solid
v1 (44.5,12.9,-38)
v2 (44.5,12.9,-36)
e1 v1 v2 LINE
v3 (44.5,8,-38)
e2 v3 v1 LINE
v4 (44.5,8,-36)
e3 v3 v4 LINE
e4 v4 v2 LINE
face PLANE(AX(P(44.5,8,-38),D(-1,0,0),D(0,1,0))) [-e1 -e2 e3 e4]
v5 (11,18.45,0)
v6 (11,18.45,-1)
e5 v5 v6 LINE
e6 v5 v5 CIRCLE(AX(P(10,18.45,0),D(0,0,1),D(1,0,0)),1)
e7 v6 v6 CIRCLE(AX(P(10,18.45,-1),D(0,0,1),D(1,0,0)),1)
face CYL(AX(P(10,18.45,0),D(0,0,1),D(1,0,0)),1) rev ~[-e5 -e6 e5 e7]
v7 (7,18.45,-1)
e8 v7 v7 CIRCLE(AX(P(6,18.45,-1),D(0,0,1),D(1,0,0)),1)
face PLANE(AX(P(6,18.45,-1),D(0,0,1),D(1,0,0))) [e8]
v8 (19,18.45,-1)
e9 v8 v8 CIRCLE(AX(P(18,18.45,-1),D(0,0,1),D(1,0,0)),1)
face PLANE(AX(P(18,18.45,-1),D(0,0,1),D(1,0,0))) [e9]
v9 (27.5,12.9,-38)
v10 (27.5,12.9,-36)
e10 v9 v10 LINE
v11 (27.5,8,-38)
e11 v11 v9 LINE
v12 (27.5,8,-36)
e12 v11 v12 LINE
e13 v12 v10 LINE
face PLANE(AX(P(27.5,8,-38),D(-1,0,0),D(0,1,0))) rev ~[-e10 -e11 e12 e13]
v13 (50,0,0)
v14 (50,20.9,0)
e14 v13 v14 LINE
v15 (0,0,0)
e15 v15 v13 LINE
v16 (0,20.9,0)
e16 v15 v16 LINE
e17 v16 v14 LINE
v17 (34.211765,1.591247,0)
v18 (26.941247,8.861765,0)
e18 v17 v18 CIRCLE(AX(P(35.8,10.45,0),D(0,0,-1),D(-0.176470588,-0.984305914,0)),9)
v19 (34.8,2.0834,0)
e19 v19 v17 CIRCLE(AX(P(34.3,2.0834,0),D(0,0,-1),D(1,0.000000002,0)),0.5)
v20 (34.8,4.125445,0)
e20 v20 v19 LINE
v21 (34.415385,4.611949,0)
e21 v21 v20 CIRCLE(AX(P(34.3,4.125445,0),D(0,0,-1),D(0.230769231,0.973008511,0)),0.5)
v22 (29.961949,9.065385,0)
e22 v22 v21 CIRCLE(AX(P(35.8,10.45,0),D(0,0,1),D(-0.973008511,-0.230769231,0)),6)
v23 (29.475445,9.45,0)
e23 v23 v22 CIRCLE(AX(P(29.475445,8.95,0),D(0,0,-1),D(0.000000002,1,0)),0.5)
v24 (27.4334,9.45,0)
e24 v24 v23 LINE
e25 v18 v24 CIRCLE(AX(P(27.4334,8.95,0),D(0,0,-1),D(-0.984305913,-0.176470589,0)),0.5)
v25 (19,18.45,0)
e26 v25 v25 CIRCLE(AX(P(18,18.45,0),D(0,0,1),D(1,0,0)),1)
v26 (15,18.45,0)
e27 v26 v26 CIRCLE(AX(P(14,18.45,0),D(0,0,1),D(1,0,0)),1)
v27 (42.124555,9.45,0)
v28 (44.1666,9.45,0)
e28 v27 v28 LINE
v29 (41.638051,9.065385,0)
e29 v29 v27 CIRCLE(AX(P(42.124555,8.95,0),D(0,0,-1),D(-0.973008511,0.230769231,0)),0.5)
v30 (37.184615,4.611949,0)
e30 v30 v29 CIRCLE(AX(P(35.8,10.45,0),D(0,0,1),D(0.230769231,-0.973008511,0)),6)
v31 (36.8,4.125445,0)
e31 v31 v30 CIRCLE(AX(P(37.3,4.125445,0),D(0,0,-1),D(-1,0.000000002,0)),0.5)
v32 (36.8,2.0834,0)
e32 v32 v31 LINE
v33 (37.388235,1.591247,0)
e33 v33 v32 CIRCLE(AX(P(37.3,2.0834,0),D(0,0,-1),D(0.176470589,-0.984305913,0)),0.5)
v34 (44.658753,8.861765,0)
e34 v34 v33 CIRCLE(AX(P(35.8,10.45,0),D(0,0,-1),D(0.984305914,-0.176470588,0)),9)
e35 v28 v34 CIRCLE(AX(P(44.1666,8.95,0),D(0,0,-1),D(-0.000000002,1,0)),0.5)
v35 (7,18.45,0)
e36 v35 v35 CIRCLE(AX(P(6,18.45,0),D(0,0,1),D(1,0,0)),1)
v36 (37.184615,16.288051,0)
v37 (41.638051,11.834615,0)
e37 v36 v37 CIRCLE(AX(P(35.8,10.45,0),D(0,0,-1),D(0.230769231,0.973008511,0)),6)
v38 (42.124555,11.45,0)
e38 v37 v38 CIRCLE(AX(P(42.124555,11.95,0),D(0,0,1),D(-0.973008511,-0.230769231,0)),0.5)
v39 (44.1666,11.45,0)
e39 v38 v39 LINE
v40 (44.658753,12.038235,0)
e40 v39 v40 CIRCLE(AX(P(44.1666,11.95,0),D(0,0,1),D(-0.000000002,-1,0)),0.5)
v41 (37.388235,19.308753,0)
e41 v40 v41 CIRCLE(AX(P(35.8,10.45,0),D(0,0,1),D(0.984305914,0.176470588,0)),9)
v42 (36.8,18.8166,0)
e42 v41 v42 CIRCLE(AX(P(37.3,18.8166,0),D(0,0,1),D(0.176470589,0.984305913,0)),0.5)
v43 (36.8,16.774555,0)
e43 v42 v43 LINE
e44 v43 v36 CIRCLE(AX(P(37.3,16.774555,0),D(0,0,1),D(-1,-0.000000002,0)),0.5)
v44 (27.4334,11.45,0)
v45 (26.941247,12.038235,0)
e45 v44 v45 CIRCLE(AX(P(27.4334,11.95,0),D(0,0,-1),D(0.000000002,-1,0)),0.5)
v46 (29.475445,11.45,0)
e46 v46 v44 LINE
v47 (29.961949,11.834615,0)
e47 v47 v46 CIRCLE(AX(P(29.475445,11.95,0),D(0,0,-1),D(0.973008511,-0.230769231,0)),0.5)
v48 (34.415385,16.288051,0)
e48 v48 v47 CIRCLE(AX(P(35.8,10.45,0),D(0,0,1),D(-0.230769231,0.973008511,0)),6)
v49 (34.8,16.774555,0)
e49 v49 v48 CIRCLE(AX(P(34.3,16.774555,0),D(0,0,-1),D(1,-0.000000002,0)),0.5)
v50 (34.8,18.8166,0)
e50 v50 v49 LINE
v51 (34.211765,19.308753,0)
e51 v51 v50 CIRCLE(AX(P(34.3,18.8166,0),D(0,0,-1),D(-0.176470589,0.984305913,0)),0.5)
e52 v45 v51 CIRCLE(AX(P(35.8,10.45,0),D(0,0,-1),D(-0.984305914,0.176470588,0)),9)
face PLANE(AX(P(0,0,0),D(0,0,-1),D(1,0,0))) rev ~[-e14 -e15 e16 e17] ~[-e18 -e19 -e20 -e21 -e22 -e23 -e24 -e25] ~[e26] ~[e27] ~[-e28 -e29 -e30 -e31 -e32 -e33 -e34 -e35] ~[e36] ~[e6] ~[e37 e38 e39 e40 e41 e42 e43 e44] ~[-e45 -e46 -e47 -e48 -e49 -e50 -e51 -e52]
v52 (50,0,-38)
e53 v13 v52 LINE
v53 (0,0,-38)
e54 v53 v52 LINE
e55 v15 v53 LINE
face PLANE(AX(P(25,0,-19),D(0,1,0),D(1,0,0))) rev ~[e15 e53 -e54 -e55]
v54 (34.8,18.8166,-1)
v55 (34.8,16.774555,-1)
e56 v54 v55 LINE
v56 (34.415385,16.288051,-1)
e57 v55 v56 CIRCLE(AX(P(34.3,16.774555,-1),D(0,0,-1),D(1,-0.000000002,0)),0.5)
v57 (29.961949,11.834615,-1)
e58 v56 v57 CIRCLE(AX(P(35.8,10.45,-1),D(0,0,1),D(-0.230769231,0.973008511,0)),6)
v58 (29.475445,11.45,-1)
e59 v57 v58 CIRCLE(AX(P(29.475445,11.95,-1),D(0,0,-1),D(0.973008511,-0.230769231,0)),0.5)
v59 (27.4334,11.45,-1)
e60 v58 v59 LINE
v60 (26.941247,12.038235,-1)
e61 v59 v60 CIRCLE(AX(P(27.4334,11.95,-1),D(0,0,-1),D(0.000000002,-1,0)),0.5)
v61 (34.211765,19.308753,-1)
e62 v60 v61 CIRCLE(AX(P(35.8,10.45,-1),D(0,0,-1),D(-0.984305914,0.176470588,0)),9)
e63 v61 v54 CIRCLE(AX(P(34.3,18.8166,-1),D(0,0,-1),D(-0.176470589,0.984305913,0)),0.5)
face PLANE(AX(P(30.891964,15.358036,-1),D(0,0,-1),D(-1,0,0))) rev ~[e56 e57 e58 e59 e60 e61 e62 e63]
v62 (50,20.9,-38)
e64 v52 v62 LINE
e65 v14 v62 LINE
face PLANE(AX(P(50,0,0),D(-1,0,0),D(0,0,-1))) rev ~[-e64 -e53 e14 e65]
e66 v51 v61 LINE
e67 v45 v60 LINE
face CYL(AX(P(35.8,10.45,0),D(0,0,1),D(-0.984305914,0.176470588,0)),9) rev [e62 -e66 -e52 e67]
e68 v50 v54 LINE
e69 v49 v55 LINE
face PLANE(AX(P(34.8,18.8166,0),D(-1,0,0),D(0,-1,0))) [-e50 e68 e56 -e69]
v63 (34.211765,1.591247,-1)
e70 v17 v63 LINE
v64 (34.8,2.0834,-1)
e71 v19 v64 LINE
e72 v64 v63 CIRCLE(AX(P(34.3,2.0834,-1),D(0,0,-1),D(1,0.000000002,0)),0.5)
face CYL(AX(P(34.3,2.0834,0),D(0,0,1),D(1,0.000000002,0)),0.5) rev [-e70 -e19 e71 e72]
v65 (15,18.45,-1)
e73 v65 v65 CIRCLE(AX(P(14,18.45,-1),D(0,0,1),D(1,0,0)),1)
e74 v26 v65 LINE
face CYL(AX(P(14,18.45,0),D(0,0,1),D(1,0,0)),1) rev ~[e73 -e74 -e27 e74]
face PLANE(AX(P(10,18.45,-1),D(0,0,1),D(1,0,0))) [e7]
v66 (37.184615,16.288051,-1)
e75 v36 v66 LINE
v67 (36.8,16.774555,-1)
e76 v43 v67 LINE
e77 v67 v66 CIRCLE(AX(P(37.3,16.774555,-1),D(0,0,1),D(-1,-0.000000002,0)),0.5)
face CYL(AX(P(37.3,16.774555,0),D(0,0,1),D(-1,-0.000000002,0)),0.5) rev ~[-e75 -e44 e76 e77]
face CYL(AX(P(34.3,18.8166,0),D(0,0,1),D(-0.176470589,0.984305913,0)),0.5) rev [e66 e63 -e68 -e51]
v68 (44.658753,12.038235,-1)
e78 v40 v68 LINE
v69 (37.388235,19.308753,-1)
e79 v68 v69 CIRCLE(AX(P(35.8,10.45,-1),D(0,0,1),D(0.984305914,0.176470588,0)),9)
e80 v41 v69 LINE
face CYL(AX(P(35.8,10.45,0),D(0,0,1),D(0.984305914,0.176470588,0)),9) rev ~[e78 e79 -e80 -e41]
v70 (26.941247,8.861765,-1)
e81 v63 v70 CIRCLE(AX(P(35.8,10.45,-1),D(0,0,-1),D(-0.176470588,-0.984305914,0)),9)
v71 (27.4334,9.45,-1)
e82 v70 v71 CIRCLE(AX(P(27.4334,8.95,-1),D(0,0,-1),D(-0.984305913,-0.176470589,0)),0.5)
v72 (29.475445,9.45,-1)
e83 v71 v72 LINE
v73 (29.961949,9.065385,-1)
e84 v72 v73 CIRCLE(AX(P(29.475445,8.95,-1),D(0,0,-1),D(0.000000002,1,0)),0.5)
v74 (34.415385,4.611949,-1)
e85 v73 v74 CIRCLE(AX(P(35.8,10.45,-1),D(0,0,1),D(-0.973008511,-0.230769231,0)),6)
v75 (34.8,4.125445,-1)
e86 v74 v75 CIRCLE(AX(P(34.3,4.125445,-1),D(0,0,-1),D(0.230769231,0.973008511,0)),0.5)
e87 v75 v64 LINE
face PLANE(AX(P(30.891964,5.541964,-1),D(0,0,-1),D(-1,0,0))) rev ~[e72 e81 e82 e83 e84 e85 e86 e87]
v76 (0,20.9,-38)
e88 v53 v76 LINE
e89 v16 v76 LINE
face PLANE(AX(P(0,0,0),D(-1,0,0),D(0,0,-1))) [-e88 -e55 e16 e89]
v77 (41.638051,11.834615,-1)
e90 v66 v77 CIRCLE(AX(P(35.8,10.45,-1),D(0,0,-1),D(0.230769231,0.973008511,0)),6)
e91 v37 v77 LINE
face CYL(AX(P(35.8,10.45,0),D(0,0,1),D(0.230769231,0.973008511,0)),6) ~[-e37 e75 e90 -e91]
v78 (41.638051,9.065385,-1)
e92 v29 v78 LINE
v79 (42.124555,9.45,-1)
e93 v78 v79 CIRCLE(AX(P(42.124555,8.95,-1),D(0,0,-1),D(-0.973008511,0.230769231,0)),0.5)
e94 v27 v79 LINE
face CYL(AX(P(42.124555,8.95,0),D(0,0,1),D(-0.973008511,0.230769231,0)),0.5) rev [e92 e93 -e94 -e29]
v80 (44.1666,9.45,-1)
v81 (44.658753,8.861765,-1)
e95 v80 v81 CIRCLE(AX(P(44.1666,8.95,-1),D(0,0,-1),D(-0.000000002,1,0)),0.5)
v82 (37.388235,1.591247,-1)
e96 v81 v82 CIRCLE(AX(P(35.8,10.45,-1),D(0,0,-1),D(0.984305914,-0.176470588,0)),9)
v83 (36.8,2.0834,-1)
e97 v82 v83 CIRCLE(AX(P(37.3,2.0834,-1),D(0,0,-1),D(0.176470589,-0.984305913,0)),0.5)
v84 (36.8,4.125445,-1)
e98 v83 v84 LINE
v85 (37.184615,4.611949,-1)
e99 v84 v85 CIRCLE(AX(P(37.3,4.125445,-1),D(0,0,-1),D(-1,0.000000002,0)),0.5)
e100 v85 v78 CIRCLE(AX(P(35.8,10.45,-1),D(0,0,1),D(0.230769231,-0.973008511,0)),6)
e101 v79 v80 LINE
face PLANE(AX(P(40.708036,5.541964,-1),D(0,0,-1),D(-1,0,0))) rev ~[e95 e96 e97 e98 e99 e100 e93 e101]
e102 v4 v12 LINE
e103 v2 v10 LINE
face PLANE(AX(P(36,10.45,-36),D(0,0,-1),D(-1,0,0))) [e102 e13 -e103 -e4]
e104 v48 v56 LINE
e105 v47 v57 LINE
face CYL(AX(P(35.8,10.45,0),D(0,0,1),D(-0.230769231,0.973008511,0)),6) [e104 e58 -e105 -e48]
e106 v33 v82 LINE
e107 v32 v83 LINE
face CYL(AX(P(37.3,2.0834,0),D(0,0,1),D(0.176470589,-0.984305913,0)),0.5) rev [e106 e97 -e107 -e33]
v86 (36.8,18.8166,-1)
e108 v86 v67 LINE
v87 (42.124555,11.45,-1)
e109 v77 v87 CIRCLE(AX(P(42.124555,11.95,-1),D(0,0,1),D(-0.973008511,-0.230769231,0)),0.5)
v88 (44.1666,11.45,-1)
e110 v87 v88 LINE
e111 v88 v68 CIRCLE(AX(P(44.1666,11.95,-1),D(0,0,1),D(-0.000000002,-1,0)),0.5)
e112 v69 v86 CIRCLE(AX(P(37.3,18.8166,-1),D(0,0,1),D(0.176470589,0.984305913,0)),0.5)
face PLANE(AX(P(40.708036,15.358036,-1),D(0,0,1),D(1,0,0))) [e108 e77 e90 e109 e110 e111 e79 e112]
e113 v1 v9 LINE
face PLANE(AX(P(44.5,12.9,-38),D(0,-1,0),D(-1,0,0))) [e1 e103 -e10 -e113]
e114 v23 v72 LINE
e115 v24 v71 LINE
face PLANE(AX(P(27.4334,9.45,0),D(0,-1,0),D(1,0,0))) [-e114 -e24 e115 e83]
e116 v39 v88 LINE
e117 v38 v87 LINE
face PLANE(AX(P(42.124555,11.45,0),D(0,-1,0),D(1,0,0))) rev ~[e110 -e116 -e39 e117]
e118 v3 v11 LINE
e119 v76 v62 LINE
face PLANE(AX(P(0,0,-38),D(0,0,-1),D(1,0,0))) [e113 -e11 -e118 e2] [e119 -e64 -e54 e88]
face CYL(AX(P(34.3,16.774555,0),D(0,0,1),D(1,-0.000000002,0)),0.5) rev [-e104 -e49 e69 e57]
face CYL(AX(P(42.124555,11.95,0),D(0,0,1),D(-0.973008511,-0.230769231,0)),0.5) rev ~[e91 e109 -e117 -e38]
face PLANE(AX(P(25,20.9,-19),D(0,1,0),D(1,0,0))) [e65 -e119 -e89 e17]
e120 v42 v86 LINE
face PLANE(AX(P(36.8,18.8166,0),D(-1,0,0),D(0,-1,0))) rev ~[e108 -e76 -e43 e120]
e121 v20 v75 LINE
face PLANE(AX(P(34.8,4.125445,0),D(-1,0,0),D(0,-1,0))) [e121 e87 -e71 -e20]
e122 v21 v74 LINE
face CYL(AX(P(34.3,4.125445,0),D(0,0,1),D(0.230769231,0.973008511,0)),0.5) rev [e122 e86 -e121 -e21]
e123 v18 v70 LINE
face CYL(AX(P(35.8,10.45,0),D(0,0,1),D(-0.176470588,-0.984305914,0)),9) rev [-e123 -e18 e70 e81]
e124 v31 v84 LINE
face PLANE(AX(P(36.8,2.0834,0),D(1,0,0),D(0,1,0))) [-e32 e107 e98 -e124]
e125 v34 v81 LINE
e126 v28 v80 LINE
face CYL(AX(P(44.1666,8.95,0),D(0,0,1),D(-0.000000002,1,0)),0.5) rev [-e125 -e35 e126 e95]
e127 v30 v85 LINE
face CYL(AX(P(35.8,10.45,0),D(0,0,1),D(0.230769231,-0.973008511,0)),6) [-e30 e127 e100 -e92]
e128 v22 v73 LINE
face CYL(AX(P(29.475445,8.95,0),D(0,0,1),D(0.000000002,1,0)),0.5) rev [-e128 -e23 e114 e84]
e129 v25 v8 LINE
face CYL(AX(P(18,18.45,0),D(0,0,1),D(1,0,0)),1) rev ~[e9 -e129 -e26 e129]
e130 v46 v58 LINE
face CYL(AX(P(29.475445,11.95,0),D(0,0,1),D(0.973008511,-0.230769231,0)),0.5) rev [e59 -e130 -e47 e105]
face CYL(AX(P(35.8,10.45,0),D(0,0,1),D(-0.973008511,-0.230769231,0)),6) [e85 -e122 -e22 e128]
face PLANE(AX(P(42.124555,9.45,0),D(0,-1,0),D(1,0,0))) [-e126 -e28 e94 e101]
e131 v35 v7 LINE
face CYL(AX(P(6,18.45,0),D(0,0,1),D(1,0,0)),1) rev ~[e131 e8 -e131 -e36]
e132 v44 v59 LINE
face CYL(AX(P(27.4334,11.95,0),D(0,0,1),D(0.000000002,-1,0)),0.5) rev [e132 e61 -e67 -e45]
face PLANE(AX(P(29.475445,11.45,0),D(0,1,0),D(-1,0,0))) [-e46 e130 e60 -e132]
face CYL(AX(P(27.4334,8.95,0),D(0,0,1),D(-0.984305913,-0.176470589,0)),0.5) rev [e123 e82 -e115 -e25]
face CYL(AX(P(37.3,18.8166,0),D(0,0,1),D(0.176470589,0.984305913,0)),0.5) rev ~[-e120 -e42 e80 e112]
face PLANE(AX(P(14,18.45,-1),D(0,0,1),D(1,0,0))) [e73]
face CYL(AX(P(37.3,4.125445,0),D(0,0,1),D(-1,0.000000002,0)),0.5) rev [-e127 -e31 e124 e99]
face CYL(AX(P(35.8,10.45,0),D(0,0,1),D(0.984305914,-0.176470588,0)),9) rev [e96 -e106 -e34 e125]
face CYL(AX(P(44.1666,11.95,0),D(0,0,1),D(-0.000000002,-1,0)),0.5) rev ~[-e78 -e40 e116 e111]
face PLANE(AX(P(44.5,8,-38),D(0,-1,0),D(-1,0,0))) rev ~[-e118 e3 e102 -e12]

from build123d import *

# Parameters (mm, degrees)
SKETCH1_W           = 50
SKETCH1_H           = 38
BOSS_EXTRUDE1_DEPTH = 20.9
FAN_HOLES_DEPTH     = 1
SKETCH3_W           = 17
SKETCH3_H           = 4.9
CABLE_SLOT_DEPTH    = 2
SKETCH4_R           = 1
HOLES_DEPTH         = 1


with BuildPart() as part:
    # Sketch1 → Boss-Extrude1 (new body)
    with BuildSketch(Plane(origin=(0, 0, 0), x_dir=(1, 0, 0), z_dir=(0, 1, 0))):
        with Locations((25, 19)):
            Rectangle(SKETCH1_W, SKETCH1_H)
    extrude(amount=BOSS_EXTRUDE1_DEPTH)

    # Sketch2 → Fan holes (cut)
    with BuildSketch(Plane.XY):
        with BuildLine():
            Line((42.12455532, 11.45), (44.166600265, 11.45))
            ThreePointArc((44.166600265, 11.45), (44.55008276, 11.629155526), (44.658753222, 12.038235294))
            ThreePointArc((44.658753222, 12.038235294), (42.163961031, 16.813961031), (37.388235294, 19.308753222))
            ThreePointArc((37.388235294, 19.308753222), (36.979155526, 19.20008276), (36.8, 18.816600265))
            Line((36.8, 18.816600265), (36.8, 16.77455532))
            ThreePointArc((36.8, 16.77455532), (36.90776773, 16.464468484), (37.184615385, 16.288051065))
            ThreePointArc((37.184615385, 16.288051065), (40.042640687, 14.692640687), (41.638051065, 11.834615385))
            ThreePointArc((41.638051065, 11.834615385), (41.814468484, 11.55776773), (42.12455532, 11.45))
        make_face()
        with BuildLine():
            Line((34.8, 18.816600265), (34.8, 16.77455532))
            ThreePointArc((34.8, 16.77455532), (34.69223227, 16.464468484), (34.415384615, 16.288051065))
            ThreePointArc((34.415384615, 16.288051065), (31.557359313, 14.692640687), (29.961948935, 11.834615385))
            ThreePointArc((29.961948935, 11.834615385), (29.785531516, 11.55776773), (29.47544468, 11.45))
            Line((29.47544468, 11.45), (27.433399735, 11.45))
            ThreePointArc((27.433399735, 11.45), (27.04991724, 11.629155526), (26.941246778, 12.038235294))
            ThreePointArc((26.941246778, 12.038235294), (29.436038969, 16.813961031), (34.211764706, 19.308753222))
            ThreePointArc((34.211764706, 19.308753222), (34.620844474, 19.20008276), (34.8, 18.816600265))
        make_face()
        with BuildLine():
            Line((27.433399735, 9.45), (29.47544468, 9.45))
            ThreePointArc((29.47544468, 9.45), (29.785531516, 9.34223227), (29.961948935, 9.065384615))
            ThreePointArc((29.961948935, 9.065384615), (31.557359313, 6.207359313), (34.415384615, 4.611948935))
            ThreePointArc((34.415384615, 4.611948935), (34.69223227, 4.435531516), (34.8, 4.12544468))
            Line((34.8, 4.12544468), (34.8, 2.083399735))
            ThreePointArc((34.8, 2.083399735), (34.620844474, 1.69991724), (34.211764706, 1.591246778))
            ThreePointArc((34.211764706, 1.591246778), (29.436038969, 4.086038969), (26.941246778, 8.861764706))
            ThreePointArc((26.941246778, 8.861764706), (27.04991724, 9.270844474), (27.433399735, 9.45))
        make_face()
        with BuildLine():
            Line((42.12455532, 9.45), (44.166600265, 9.45))
            ThreePointArc((44.166600265, 9.45), (44.55008276, 9.270844474), (44.658753222, 8.861764706))
            ThreePointArc((44.658753222, 8.861764706), (42.163961031, 4.086038969), (37.388235294, 1.591246778))
            ThreePointArc((37.388235294, 1.591246778), (36.979155526, 1.69991724), (36.8, 2.083399735))
            Line((36.8, 2.083399735), (36.8, 4.12544468))
            ThreePointArc((36.8, 4.12544468), (36.90776773, 4.435531516), (37.184615385, 4.611948935))
            ThreePointArc((37.184615385, 4.611948935), (40.042640687, 6.207359313), (41.638051065, 9.065384615))
            ThreePointArc((41.638051065, 9.065384615), (41.814468484, 9.34223227), (42.12455532, 9.45))
        make_face()
    extrude(amount=-FAN_HOLES_DEPTH, mode=Mode.SUBTRACT)

    # Sketch3 → Cable slot (cut)
    with BuildSketch(Plane(origin=(0, 0, -38), x_dir=(-1, 0, 0), z_dir=(0, 0, -1))):
        with Locations((-36, 10.45)):
            Rectangle(SKETCH3_W, SKETCH3_H)
    extrude(amount=-CABLE_SLOT_DEPTH, mode=Mode.SUBTRACT)

    # Sketch4 → Holes (cut)
    with BuildSketch(Plane.XY):
        with Locations((6, 18.45)):
            Circle(SKETCH4_R)
        with Locations((10, 18.45)):
            Circle(SKETCH4_R)
        with Locations((14, 18.45)):
            Circle(SKETCH4_R)
        with Locations((18, 18.45)):
            Circle(SKETCH4_R)
    extrude(amount=-HOLES_DEPTH, mode=Mode.SUBTRACT)


solid = part.part
